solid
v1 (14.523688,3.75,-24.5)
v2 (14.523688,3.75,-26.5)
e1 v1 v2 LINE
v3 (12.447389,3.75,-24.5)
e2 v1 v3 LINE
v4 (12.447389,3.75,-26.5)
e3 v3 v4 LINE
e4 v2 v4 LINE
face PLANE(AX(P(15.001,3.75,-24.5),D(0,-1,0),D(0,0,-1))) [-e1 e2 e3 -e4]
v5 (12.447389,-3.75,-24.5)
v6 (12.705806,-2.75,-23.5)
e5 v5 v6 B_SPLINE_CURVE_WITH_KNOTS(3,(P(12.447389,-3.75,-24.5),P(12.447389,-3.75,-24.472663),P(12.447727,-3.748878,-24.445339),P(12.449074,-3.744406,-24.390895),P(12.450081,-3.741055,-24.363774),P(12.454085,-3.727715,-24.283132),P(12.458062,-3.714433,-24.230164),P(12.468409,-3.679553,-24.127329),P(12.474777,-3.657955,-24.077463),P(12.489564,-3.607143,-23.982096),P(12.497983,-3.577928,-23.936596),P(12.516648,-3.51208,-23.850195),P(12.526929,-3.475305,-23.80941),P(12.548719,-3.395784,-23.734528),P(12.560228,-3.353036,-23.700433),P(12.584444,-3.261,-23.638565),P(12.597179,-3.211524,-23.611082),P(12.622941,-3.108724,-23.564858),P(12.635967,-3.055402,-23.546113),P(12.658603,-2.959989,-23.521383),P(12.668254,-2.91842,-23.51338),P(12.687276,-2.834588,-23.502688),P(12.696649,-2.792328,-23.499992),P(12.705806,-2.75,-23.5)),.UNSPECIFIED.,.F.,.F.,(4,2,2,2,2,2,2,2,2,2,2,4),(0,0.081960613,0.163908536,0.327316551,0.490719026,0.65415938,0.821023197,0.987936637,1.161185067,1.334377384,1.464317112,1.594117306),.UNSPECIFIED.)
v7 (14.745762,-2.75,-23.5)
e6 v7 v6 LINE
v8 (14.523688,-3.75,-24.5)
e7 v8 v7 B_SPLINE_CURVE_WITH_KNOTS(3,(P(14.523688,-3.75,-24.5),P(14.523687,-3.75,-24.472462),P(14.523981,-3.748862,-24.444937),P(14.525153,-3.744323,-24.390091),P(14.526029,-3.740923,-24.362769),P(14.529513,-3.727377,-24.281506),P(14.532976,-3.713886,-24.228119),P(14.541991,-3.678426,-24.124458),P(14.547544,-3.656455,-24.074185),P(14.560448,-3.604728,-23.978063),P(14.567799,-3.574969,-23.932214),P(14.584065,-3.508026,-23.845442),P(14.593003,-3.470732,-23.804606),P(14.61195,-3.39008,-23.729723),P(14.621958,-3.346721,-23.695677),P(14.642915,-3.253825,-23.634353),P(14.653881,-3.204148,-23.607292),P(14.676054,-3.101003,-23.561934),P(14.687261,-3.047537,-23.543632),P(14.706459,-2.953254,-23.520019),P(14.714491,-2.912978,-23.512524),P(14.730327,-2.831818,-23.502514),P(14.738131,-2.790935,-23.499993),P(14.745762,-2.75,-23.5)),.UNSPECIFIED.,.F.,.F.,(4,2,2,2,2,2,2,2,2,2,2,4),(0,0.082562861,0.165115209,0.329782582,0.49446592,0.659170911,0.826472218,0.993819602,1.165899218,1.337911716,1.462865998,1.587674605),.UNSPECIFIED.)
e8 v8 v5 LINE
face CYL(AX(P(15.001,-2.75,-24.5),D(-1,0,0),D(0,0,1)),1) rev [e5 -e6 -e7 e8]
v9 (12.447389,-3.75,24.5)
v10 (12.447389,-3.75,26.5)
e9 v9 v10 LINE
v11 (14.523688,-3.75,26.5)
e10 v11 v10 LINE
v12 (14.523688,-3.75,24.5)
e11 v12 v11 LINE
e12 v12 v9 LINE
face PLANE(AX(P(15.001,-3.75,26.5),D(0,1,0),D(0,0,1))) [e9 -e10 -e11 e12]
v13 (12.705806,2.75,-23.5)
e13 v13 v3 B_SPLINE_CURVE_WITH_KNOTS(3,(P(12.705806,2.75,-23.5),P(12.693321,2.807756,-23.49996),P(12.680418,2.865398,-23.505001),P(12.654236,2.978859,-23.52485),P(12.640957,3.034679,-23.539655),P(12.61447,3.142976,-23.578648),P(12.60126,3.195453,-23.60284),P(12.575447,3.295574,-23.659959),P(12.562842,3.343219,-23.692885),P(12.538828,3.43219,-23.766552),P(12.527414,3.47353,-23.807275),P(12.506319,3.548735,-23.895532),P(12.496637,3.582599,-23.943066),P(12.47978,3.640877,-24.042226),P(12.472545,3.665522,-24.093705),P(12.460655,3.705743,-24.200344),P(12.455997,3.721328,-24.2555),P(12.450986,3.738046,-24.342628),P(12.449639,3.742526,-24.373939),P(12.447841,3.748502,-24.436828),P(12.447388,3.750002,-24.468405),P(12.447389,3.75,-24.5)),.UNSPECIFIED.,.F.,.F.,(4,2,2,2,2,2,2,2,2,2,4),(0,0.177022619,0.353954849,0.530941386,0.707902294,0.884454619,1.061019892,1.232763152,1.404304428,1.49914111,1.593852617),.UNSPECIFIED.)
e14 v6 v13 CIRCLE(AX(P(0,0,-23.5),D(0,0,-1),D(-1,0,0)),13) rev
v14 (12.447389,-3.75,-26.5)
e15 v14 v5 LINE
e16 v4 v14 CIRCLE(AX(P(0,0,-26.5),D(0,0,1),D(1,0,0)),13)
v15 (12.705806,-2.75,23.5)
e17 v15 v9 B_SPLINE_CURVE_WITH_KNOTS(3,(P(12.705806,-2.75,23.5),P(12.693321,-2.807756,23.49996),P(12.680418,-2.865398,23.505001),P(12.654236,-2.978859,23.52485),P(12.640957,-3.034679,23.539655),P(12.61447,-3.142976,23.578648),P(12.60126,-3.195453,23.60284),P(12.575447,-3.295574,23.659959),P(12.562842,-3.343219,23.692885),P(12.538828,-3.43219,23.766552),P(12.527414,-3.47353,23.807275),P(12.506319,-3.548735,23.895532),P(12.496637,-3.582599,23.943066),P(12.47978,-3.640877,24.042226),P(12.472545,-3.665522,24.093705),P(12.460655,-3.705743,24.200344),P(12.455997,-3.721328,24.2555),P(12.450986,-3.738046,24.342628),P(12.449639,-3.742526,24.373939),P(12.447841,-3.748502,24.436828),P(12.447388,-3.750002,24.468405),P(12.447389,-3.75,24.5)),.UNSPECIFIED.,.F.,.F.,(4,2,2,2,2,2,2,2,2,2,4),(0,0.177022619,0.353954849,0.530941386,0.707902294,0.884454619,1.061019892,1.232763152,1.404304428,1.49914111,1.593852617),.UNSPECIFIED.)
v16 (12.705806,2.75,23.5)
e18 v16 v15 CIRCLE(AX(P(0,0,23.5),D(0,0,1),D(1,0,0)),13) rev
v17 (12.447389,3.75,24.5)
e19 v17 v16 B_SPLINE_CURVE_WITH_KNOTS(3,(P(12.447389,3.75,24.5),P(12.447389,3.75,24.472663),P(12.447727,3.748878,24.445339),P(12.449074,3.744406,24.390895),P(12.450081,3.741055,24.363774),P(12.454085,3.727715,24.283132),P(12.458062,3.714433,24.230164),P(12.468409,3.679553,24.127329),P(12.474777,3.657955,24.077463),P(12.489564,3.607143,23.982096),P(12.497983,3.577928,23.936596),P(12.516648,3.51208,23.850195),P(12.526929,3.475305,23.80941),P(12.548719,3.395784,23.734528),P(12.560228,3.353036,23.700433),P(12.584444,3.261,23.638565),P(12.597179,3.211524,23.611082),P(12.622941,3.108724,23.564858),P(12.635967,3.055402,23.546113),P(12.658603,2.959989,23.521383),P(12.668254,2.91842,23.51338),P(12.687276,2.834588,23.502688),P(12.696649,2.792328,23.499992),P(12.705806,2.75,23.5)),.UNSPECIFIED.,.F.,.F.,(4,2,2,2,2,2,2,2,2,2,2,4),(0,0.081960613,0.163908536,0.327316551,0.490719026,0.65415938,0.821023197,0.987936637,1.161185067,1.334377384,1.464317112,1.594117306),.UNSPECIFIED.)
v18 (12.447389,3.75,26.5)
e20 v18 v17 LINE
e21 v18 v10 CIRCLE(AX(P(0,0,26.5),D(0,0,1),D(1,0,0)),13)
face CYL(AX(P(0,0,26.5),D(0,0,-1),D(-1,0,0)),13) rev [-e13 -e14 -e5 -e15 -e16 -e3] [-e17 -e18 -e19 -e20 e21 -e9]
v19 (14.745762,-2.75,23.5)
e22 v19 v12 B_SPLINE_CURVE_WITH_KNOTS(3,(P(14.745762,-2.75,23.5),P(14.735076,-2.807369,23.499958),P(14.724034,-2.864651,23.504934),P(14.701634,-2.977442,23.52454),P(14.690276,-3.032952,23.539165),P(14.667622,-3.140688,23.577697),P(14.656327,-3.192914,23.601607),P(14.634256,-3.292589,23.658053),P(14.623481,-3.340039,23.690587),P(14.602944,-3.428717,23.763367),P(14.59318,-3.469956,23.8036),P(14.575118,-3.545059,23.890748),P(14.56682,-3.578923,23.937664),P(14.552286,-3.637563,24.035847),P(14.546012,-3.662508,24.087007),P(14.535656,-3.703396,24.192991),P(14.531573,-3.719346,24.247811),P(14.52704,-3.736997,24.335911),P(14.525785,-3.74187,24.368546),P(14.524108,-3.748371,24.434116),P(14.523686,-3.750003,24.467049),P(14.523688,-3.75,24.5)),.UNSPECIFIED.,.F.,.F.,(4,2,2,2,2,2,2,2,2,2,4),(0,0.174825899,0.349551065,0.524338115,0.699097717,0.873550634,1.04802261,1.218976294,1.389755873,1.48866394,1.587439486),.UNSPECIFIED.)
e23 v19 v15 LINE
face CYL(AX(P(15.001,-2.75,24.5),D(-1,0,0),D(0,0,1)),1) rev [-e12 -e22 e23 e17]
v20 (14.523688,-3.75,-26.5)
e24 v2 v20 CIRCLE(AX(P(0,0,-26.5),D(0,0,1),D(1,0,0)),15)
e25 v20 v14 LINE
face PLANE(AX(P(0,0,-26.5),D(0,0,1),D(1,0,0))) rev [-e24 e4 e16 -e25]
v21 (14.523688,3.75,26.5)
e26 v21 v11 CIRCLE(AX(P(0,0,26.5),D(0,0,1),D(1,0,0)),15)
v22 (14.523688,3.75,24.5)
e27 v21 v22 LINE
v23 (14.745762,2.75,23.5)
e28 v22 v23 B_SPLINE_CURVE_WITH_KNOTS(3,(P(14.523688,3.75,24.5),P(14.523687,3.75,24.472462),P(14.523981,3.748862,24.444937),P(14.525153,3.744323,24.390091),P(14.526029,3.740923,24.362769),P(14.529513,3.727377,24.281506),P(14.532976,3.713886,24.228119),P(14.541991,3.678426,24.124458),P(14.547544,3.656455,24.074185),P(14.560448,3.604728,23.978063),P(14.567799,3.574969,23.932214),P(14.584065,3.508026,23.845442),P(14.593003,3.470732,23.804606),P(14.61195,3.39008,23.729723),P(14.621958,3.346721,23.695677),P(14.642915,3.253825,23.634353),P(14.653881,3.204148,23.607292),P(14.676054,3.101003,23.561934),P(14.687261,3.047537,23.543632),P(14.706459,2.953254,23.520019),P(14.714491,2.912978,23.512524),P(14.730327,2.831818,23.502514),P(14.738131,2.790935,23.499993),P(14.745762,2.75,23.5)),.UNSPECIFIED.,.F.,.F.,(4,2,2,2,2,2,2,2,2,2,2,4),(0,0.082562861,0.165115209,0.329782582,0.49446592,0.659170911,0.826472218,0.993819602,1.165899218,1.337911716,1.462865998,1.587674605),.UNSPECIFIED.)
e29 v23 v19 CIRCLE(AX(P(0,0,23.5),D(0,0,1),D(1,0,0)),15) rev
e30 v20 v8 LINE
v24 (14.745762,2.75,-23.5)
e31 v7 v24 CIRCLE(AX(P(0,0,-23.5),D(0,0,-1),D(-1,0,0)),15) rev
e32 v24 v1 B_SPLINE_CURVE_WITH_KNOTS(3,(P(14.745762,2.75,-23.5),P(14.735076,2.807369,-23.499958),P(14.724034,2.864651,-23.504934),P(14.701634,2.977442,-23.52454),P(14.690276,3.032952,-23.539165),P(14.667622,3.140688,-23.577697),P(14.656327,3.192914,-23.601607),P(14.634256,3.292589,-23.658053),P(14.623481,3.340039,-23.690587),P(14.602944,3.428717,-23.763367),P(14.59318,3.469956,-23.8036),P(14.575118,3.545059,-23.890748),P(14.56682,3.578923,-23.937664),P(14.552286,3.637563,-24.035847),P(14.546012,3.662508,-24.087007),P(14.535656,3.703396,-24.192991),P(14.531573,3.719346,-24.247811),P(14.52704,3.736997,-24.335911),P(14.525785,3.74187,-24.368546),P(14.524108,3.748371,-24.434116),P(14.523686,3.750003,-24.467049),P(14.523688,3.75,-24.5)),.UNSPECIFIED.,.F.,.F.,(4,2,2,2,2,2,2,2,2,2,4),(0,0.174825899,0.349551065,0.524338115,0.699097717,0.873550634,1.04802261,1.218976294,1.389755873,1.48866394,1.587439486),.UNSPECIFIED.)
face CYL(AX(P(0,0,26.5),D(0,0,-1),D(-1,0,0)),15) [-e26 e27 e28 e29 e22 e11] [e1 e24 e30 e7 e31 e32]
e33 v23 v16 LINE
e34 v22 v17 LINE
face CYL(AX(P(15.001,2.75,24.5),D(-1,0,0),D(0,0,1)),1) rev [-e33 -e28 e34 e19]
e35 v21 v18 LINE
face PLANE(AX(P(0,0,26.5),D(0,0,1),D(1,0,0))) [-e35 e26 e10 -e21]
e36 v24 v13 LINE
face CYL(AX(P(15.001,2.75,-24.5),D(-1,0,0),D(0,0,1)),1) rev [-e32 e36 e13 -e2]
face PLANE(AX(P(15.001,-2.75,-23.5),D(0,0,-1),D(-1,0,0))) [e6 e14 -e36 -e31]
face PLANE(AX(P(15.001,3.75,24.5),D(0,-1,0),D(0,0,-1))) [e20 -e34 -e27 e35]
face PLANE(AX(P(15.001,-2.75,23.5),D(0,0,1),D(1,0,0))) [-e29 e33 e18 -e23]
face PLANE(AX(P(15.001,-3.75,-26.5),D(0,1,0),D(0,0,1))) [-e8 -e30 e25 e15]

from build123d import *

# Parameters (mm, degrees)
SKETCH2_R               = 15
SKETCH2_R_2             = 13
BOSS_EXTRUDE1_DEPTH     = 26.5
CUT_EXTRUDE1_REACH      = 35.945
CUT_EXTRUDE1_END_RADIUS = 15


with BuildPart() as part:
    # Sketch2 → Boss-Extrude1 (new, symmetric)
    with BuildSketch(Plane.XY):
        Circle(SKETCH2_R)
        Circle(SKETCH2_R_2, mode=Mode.SUBTRACT)
    extrude(amount=BOSS_EXTRUDE1_DEPTH, both=True)

    # Cut-Extrude1: up to this cylinder (the profile starts inside it)
    cut_extrude1_end = Plane(origin=(0, 0, 0), z_dir=(0, 0, -1)) * Cylinder(CUT_EXTRUDE1_END_RADIUS, 152.939652, mode=Mode.PRIVATE)
    # Sketch3 → Cut-Extrude1 (cut, up to the surface)
    with BuildSketch(Plane(origin=(0, 0, 0), x_dir=(0, 0, -1), z_dir=(1, 0, 0)), mode=Mode.PRIVATE) as cut_extrude1_sk1:
        with BuildLine():
            Line((-26.5, -3.75), (-24.5, -3.75))
            ThreePointArc((-24.5, -3.75), (-23.792893219, -3.457106781), (-23.5, -2.75))
            Line((-23.5, -2.75), (-23.5, 2.75))
            ThreePointArc((-23.5, 2.75), (-23.792893219, 3.457106781), (-24.5, 3.75))
            Line((-24.5, 3.75), (-26.5, 3.75))
            Line((-26.5, 3.75), (-26.5, -3.75))
        make_face()
    cut_extrude1_tool1 = extrude(cut_extrude1_sk1.sketch, amount=CUT_EXTRUDE1_REACH, mode=Mode.PRIVATE) & cut_extrude1_end
    add(cut_extrude1_tool1.solids().sort_by_distance((0, 0, 25.024826))[0], mode=Mode.SUBTRACT)
    # Sketch3 → Cut-Extrude1 (cut, up to the surface)
    with BuildSketch(Plane(origin=(0, 0, 0), x_dir=(0, 0, -1), z_dir=(1, 0, 0)), mode=Mode.PRIVATE) as cut_extrude1_sk2:
        with BuildLine():
            Line((26.5, -3.75), (24.5, -3.75))
            ThreePointArc((24.5, -3.75), (23.792893219, -3.457106781), (23.5, -2.75))
            Line((23.5, -2.75), (23.5, 2.75))
            ThreePointArc((23.5, 2.75), (23.792893219, 3.457106781), (24.5, 3.75))
            Line((24.5, 3.75), (26.5, 3.75))
            Line((26.5, 3.75), (26.5, -3.75))
        make_face()
    cut_extrude1_tool2 = extrude(cut_extrude1_sk2.sketch, amount=CUT_EXTRUDE1_REACH, mode=Mode.PRIVATE) & cut_extrude1_end
    add(cut_extrude1_tool2.solids().sort_by_distance((0, 0, -25.024826))[0], mode=Mode.SUBTRACT)


solid = part.part
